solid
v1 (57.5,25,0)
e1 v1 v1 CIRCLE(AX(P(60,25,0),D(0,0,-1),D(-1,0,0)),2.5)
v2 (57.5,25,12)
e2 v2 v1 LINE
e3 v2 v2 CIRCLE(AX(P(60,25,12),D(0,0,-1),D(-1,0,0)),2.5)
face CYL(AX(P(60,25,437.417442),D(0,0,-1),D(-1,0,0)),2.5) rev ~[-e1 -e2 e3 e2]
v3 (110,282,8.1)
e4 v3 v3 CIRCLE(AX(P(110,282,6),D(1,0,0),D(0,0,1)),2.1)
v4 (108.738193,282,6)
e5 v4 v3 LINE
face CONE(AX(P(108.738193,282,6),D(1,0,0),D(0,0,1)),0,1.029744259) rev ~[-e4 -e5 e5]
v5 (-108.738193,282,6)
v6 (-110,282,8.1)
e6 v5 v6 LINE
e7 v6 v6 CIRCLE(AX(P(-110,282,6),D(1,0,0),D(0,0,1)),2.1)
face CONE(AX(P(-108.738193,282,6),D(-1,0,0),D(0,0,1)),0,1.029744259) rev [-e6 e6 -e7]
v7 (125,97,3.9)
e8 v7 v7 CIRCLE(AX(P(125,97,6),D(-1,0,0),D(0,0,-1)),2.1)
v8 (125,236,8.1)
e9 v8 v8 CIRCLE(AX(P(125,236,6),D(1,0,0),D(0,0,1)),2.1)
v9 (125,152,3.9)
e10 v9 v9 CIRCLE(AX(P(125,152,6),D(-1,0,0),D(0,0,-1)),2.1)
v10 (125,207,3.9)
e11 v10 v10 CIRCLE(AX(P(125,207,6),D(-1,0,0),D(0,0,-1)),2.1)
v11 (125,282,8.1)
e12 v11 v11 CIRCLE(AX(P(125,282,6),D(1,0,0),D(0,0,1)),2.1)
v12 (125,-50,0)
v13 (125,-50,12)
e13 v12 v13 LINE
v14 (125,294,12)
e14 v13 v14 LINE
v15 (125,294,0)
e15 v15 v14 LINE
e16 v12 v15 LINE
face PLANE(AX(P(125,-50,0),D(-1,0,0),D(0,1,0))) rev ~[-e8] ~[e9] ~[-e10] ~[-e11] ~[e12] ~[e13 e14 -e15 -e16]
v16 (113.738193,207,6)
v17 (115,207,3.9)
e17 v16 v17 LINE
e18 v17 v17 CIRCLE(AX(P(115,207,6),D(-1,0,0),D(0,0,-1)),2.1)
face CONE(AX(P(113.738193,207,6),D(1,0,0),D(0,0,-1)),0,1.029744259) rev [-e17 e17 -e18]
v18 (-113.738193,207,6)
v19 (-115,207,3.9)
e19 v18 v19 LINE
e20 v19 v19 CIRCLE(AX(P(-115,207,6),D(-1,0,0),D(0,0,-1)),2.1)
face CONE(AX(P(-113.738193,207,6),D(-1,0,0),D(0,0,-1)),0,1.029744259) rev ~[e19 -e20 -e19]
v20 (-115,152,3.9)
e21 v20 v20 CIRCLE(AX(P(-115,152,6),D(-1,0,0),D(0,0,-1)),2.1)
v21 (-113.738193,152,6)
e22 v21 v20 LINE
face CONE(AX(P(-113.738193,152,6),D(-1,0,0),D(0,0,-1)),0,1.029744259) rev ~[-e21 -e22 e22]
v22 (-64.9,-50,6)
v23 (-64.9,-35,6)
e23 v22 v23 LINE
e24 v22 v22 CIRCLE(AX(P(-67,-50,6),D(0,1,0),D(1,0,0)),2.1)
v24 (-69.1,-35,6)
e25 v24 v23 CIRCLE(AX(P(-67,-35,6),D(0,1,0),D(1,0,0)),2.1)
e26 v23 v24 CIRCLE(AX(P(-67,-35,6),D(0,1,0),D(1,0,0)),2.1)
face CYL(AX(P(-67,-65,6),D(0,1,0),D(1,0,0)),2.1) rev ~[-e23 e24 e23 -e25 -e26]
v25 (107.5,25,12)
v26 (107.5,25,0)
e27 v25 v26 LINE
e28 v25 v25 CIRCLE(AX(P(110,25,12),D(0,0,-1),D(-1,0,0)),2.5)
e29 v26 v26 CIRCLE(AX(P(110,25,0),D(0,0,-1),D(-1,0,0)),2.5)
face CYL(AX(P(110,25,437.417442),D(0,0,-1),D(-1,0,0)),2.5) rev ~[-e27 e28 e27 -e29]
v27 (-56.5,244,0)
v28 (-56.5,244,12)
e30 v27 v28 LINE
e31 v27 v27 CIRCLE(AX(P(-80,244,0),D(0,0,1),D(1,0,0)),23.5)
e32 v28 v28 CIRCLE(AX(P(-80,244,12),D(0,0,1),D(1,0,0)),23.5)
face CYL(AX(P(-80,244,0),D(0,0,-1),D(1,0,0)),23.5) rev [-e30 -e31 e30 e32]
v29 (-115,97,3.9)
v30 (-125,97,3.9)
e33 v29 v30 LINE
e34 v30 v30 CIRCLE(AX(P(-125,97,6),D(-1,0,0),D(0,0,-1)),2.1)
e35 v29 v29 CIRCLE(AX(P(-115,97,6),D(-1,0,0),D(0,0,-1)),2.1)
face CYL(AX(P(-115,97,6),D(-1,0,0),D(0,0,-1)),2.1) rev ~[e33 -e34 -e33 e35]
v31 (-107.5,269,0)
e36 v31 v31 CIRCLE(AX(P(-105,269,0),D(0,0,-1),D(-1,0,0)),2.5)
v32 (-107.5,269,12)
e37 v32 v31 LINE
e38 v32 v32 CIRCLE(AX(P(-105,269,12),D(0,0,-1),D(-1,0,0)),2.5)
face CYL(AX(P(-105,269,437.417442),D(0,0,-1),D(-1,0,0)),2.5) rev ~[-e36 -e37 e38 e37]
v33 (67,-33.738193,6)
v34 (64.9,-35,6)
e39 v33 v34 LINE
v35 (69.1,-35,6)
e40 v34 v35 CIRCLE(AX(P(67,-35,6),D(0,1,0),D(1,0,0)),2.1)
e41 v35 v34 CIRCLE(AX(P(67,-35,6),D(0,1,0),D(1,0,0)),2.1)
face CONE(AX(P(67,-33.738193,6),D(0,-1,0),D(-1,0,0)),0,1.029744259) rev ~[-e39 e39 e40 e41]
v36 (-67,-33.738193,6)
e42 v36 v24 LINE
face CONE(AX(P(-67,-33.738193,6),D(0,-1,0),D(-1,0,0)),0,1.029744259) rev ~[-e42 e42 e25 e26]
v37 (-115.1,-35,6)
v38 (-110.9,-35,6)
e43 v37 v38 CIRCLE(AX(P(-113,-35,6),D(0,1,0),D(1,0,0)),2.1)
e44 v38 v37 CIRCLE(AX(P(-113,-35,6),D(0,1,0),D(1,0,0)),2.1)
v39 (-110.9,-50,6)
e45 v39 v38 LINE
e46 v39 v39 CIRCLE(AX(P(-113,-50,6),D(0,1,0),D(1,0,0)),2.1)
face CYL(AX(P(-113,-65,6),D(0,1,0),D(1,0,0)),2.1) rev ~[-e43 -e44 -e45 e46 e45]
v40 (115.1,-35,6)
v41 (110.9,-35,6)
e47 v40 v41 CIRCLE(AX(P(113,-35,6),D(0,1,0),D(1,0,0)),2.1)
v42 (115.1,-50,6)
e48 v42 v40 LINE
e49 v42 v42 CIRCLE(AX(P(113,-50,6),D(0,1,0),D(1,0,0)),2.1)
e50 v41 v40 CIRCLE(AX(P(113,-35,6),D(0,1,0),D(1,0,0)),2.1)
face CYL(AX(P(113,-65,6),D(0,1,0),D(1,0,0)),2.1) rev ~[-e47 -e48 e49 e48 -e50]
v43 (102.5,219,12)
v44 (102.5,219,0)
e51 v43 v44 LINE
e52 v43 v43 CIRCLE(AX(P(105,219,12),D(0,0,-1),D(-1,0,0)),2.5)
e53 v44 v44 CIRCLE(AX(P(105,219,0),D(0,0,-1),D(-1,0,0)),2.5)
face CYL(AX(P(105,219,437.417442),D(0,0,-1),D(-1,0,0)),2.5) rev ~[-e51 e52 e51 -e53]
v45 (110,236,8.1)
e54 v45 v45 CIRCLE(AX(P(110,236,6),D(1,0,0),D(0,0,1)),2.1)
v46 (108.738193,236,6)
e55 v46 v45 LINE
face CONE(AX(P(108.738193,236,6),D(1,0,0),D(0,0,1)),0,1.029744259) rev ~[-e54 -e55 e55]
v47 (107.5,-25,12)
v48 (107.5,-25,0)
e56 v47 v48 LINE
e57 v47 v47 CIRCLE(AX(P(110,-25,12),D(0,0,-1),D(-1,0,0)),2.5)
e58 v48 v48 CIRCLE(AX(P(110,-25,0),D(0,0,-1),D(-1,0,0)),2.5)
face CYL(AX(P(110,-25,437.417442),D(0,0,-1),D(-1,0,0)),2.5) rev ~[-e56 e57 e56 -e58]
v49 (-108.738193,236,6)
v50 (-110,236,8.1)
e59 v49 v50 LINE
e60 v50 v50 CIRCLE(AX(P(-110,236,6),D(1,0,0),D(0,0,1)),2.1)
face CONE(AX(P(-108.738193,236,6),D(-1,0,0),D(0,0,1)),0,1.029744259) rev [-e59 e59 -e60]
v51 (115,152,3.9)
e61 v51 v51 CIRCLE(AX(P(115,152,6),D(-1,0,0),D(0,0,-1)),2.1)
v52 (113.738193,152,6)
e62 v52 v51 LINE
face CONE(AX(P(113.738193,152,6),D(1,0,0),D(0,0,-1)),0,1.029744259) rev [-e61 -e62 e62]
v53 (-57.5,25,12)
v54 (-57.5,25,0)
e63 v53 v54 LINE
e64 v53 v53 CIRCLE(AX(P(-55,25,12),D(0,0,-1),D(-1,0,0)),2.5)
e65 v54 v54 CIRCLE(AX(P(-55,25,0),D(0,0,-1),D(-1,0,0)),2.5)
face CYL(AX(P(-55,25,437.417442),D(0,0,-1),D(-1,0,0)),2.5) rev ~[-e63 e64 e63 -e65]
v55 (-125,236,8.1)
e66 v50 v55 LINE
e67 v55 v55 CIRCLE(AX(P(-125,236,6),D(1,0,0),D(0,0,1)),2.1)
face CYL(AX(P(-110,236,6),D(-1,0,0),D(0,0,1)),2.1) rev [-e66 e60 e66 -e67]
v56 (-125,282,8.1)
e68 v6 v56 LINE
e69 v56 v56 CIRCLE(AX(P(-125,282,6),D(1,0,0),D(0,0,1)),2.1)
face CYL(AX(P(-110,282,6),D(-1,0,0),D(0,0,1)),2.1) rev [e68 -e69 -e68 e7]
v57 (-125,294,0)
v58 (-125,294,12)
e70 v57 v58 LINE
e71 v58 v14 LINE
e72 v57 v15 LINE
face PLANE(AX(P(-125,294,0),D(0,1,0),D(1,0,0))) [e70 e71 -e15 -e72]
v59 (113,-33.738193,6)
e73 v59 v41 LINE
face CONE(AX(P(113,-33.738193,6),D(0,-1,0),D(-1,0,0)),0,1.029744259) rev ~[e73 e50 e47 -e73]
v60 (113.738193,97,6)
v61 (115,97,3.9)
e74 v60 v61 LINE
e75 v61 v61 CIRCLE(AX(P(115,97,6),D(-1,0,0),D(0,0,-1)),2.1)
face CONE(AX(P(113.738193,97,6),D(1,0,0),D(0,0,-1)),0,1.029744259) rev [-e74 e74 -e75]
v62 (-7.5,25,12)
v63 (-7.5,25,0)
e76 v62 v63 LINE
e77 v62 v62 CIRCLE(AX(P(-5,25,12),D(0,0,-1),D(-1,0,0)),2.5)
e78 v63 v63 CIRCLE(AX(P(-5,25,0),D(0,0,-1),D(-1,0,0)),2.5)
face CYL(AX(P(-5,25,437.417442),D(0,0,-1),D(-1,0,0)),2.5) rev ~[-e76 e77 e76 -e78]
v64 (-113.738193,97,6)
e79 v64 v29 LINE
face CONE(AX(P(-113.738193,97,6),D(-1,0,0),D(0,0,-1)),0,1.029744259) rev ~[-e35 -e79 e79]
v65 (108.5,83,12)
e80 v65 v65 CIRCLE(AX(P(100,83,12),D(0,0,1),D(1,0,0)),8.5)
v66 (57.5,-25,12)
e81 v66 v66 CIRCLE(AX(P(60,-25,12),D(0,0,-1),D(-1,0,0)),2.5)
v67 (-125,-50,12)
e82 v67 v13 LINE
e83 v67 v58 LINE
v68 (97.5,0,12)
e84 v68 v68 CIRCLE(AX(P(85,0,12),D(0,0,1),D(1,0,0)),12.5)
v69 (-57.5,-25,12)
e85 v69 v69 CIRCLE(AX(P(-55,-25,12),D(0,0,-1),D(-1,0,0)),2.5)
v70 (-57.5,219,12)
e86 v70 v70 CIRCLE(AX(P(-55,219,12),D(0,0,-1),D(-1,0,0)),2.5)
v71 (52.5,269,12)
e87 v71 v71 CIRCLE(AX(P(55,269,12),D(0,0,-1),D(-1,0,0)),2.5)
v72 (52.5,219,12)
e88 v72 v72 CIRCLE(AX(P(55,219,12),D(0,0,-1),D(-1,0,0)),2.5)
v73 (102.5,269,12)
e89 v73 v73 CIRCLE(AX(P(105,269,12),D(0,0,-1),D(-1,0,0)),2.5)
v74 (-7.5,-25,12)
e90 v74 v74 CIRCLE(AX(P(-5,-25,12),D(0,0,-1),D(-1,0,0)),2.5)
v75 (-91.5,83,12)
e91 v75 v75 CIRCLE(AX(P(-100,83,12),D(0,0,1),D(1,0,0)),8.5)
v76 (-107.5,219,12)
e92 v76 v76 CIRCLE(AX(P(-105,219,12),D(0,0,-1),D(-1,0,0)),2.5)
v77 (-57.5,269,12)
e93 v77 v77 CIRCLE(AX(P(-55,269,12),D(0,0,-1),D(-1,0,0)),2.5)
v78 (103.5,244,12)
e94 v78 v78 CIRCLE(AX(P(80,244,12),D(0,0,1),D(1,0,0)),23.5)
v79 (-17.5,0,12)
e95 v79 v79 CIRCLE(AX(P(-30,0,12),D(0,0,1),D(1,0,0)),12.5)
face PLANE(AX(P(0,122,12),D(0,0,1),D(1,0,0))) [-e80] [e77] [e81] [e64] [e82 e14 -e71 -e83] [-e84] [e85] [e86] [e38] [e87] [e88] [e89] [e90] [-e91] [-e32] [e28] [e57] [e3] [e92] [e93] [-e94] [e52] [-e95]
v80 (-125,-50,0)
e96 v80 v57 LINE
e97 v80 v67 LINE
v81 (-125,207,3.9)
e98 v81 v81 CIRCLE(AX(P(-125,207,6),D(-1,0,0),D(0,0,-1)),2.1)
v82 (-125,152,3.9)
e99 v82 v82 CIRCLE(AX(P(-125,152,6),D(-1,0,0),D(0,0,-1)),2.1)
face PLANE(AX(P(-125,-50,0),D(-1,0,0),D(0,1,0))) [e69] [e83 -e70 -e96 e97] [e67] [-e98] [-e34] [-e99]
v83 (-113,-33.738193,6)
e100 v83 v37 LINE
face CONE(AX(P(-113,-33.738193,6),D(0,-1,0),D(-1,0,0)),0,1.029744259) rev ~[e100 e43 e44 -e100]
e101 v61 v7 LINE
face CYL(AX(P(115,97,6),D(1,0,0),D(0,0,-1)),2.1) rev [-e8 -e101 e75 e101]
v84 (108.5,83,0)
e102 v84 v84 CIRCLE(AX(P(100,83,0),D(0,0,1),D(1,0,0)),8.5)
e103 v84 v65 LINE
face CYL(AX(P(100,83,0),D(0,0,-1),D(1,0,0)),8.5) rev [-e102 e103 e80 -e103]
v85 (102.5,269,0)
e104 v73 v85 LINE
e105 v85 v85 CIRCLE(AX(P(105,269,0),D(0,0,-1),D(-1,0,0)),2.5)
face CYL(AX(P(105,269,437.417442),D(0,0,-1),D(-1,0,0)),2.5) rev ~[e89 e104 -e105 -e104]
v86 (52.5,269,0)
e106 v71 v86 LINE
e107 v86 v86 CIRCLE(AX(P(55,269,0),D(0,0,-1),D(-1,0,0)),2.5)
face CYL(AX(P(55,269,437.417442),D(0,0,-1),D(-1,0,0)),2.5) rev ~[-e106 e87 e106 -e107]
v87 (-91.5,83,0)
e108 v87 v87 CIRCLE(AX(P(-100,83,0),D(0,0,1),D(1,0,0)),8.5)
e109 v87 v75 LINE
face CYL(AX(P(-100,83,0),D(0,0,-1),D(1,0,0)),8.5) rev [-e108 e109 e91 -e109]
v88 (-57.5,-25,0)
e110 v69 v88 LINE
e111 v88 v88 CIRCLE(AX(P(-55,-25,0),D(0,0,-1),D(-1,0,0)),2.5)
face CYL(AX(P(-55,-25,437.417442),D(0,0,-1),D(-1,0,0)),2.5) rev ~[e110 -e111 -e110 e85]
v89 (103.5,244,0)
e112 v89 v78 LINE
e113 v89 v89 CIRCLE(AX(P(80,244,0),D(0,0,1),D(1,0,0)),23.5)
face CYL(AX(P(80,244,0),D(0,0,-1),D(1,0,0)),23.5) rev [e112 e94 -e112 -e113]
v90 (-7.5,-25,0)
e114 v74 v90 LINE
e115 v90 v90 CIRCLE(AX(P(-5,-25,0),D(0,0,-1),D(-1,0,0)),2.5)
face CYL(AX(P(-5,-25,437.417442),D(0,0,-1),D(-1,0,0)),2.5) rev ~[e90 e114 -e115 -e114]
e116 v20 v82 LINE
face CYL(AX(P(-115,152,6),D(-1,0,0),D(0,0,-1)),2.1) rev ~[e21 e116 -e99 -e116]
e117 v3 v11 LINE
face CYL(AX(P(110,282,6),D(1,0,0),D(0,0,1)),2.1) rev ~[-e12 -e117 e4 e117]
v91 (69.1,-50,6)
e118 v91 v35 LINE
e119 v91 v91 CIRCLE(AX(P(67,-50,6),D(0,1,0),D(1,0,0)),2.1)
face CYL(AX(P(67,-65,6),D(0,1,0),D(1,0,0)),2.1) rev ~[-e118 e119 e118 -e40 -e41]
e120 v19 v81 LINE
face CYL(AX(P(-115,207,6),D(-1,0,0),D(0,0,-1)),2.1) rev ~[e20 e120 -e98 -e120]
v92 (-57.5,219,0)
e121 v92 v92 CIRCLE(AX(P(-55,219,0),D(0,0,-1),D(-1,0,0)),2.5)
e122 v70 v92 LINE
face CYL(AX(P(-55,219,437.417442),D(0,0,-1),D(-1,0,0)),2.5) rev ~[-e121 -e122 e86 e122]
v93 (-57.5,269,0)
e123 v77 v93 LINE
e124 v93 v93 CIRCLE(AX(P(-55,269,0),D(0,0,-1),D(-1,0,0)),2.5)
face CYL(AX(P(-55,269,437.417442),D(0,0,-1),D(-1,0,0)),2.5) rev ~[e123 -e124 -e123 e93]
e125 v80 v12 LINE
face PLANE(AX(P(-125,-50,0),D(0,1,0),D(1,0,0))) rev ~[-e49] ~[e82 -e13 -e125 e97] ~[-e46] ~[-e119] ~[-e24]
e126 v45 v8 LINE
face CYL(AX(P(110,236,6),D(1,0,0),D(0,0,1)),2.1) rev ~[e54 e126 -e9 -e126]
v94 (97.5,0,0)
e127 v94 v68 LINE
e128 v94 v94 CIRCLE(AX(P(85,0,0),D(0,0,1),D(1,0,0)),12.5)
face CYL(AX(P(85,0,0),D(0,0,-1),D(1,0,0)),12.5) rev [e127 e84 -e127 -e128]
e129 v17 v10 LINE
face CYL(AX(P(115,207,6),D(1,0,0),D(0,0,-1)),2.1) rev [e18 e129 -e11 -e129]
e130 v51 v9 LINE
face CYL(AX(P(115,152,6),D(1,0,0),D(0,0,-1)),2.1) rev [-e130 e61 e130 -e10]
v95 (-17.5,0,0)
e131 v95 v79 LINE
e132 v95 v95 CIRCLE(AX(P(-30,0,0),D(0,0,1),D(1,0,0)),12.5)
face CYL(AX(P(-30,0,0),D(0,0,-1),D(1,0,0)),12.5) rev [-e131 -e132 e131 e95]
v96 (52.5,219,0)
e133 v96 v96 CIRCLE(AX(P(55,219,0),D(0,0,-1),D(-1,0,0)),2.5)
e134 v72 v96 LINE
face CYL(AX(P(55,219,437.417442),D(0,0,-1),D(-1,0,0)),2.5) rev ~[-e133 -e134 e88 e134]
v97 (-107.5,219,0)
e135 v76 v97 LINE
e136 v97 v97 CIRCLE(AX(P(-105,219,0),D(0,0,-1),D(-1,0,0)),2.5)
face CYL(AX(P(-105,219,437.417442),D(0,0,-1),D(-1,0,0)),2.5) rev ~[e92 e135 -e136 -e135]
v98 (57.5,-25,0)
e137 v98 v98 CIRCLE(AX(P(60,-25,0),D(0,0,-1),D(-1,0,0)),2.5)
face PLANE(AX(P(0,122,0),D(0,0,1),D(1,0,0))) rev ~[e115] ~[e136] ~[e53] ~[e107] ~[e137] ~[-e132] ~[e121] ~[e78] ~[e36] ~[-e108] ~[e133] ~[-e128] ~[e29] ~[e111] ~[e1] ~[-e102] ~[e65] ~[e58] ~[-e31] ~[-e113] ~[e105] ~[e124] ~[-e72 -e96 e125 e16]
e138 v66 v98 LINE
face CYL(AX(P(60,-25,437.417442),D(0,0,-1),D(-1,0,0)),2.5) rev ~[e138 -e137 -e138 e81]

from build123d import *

# Parameters (mm, degrees)
SKETCH1_W                        = 250
SKETCH1_H                        = 344
SKETCH1_R                        = 23.5
SKETCH1_R_2                      = 8.5
SKETCH1_R_3                      = 12.5
BOSS_EXTRUDE1_DEPTH              = 12
TAP_DRILL_FOR_M5_TAP1_AT_2_COUNT = 2
TAP_DRILL_FOR_M5_TAP1_AT_2_PITCH = 46
TAP_DRILL_FOR_M6_TAP1_D          = 5
TAP_DRILL_FOR_M5_TAP2_D          = 4.2
TAP_DRILL_FOR_M5_TAP2_DEPTH      = 15
TAP_DRILL_FOR_M5_TAP2_TIP        = 1.2618073
TAP_DRILL_FOR_M5_TAP3_AT_2_COUNT = 2
TAP_DRILL_FOR_M5_TAP3_AT_2_PITCH = 55
TAP_DRILL_FOR_M5_TAP3_AT_3_COUNT = 2
TAP_DRILL_FOR_M5_TAP3_AT_3_PITCH = 110


with BuildPart() as part:
    # Sketch1 → Boss-Extrude1 (new body)
    with BuildSketch(Plane.XY):
        with Locations((0, 122)):
            Rectangle(SKETCH1_W, SKETCH1_H)
        with Locations((-80, 244)):
            Circle(SKETCH1_R, mode=Mode.SUBTRACT)
        with Locations((80, 244)):
            Circle(SKETCH1_R, mode=Mode.SUBTRACT)
        with Locations((-100, 83)):
            Circle(SKETCH1_R_2, mode=Mode.SUBTRACT)
        with Locations((100, 83)):
            Circle(SKETCH1_R_2, mode=Mode.SUBTRACT)
        with Locations((-30, 0)):
            Circle(SKETCH1_R_3, mode=Mode.SUBTRACT)
        with Locations((85, 0)):
            Circle(SKETCH1_R_3, mode=Mode.SUBTRACT)
    extrude(amount=BOSS_EXTRUDE1_DEPTH)

    # Sketch5 → Tap Drill for M5 Tap1 (revolve, cut)
    with BuildSketch(Plane(origin=(-125, 282, 6), x_dir=(0, 0, 1), z_dir=(0, 1, 0))):
        Polygon((0, 0), (0, 16.2618073), (2.1, 15), (2.1, 0), align=None)
    tap_drill_for_m5_tap1 = revolve(axis=Axis((-131.35, 282, 6), (1, 0, 0)), mode=Mode.SUBTRACT)

    # Tap Drill for M5 Tap1 at 2: Tap Drill for M5 Tap1 ×2
    with Locations(*[(0, -i * TAP_DRILL_FOR_M5_TAP1_AT_2_PITCH, 0) for i in range(1, TAP_DRILL_FOR_M5_TAP1_AT_2_COUNT)]):
        add(tap_drill_for_m5_tap1, mode=Mode.SUBTRACT)

    # Mirror1: Tap Drill for M5 Tap1 across plane
    add(tap_drill_for_m5_tap1.mirror(Plane(origin=(0, 0, 0), x_dir=(0, 0, 1), z_dir=(1, 0, 0))), mode=Mode.SUBTRACT)

    # Mirror1 copy 1 sketch → Mirror1 copy 1 (revolve, cut)
    with BuildSketch(Plane(origin=(125, 236, 6), x_dir=(0, 0, 1), z_dir=(0, 1, 0))):
        Polygon((0, 0), (0, -16.2618073), (2.1, -15), (2.1, 0), align=None)
    revolve(axis=Axis((131.35, 236, 6), (1, 0, 0)), mode=Mode.SUBTRACT)

    # Tap Drill for M6 Tap1 (through all)
    with Locations(Plane.XY.offset(12)):
        with Locations((-105, 269), (-55, 269), (-55, 219), (-105, 219), (55, 219), (105, 219), (105, 269), (55, 269), (-55, 25), (-5, 25), (-5, -25), (-55, -25), (60, 25), (110, 25), (110, -25), (60, -25)):
            Hole(TAP_DRILL_FOR_M6_TAP1_D / 2)

    # Tap Drill for M5 Tap2
    with Locations(Plane(origin=(0, -50, 0), x_dir=(-1, 0, 0), z_dir=(0, -1, 0))):
        with Locations((-113, -6), (-67, -6), (67, -6), (113, -6)):
            Hole(TAP_DRILL_FOR_M5_TAP2_D / 2, depth=TAP_DRILL_FOR_M5_TAP2_DEPTH)
            with Locations((0, 0, -(TAP_DRILL_FOR_M5_TAP2_DEPTH + TAP_DRILL_FOR_M5_TAP2_TIP / 2))):  # 118° drill point
                Cone(0, TAP_DRILL_FOR_M5_TAP2_D / 2, TAP_DRILL_FOR_M5_TAP2_TIP, mode=Mode.SUBTRACT)

    # Sketch19 → Tap Drill for M5 Tap3 (revolve, cut)
    with BuildSketch(Plane(origin=(125, 97, 6), x_dir=(0, 0, -1), z_dir=(0, 1, 0))):
        Polygon((0, 0), (0, 11.2618073), (2.1, 10), (2.1, 0), align=None)
    tap_drill_for_m5_tap3 = revolve(axis=Axis((131.35, 97, 6), (-1, 0, 0)), mode=Mode.SUBTRACT)

    # Tap Drill for M5 Tap3 at 2: Tap Drill for M5 Tap3 ×2
    with Locations(*[(0, i * TAP_DRILL_FOR_M5_TAP3_AT_2_PITCH, 0) for i in range(1, TAP_DRILL_FOR_M5_TAP3_AT_2_COUNT)]):
        add(tap_drill_for_m5_tap3, mode=Mode.SUBTRACT)

    # Tap Drill for M5 Tap3 at 3: Tap Drill for M5 Tap3 ×2
    with Locations(*[(0, i * TAP_DRILL_FOR_M5_TAP3_AT_3_PITCH, 0) for i in range(1, TAP_DRILL_FOR_M5_TAP3_AT_3_COUNT)]):
        add(tap_drill_for_m5_tap3, mode=Mode.SUBTRACT)

    # Mirror2: Tap Drill for M5 Tap3 across plane
    add(tap_drill_for_m5_tap3.mirror(Plane(origin=(0, 0, 0), x_dir=(0, 0, 1), z_dir=(1, 0, 0))), mode=Mode.SUBTRACT)

    # Mirror2 copy 1 sketch → Mirror2 copy 1 (revolve, cut)
    with BuildSketch(Plane(origin=(-125, 152, 6), x_dir=(0, 0, -1), z_dir=(0, 1, 0))):
        Polygon((0, 0), (0, -11.2618073), (2.1, -10), (2.1, 0), align=None)
    revolve(axis=Axis((-131.35, 152, 6), (-1, 0, 0)), mode=Mode.SUBTRACT)

    # Mirror2 copy 2 sketch → Mirror2 copy 2 (revolve, cut)
    with BuildSketch(Plane(origin=(-125, 207, 6), x_dir=(0, 0, -1), z_dir=(0, 1, 0))):
        Polygon((0, 0), (0, -11.2618073), (2.1, -10), (2.1, 0), align=None)
    revolve(axis=Axis((-131.35, 207, 6), (-1, 0, 0)), mode=Mode.SUBTRACT)


solid = part.part
